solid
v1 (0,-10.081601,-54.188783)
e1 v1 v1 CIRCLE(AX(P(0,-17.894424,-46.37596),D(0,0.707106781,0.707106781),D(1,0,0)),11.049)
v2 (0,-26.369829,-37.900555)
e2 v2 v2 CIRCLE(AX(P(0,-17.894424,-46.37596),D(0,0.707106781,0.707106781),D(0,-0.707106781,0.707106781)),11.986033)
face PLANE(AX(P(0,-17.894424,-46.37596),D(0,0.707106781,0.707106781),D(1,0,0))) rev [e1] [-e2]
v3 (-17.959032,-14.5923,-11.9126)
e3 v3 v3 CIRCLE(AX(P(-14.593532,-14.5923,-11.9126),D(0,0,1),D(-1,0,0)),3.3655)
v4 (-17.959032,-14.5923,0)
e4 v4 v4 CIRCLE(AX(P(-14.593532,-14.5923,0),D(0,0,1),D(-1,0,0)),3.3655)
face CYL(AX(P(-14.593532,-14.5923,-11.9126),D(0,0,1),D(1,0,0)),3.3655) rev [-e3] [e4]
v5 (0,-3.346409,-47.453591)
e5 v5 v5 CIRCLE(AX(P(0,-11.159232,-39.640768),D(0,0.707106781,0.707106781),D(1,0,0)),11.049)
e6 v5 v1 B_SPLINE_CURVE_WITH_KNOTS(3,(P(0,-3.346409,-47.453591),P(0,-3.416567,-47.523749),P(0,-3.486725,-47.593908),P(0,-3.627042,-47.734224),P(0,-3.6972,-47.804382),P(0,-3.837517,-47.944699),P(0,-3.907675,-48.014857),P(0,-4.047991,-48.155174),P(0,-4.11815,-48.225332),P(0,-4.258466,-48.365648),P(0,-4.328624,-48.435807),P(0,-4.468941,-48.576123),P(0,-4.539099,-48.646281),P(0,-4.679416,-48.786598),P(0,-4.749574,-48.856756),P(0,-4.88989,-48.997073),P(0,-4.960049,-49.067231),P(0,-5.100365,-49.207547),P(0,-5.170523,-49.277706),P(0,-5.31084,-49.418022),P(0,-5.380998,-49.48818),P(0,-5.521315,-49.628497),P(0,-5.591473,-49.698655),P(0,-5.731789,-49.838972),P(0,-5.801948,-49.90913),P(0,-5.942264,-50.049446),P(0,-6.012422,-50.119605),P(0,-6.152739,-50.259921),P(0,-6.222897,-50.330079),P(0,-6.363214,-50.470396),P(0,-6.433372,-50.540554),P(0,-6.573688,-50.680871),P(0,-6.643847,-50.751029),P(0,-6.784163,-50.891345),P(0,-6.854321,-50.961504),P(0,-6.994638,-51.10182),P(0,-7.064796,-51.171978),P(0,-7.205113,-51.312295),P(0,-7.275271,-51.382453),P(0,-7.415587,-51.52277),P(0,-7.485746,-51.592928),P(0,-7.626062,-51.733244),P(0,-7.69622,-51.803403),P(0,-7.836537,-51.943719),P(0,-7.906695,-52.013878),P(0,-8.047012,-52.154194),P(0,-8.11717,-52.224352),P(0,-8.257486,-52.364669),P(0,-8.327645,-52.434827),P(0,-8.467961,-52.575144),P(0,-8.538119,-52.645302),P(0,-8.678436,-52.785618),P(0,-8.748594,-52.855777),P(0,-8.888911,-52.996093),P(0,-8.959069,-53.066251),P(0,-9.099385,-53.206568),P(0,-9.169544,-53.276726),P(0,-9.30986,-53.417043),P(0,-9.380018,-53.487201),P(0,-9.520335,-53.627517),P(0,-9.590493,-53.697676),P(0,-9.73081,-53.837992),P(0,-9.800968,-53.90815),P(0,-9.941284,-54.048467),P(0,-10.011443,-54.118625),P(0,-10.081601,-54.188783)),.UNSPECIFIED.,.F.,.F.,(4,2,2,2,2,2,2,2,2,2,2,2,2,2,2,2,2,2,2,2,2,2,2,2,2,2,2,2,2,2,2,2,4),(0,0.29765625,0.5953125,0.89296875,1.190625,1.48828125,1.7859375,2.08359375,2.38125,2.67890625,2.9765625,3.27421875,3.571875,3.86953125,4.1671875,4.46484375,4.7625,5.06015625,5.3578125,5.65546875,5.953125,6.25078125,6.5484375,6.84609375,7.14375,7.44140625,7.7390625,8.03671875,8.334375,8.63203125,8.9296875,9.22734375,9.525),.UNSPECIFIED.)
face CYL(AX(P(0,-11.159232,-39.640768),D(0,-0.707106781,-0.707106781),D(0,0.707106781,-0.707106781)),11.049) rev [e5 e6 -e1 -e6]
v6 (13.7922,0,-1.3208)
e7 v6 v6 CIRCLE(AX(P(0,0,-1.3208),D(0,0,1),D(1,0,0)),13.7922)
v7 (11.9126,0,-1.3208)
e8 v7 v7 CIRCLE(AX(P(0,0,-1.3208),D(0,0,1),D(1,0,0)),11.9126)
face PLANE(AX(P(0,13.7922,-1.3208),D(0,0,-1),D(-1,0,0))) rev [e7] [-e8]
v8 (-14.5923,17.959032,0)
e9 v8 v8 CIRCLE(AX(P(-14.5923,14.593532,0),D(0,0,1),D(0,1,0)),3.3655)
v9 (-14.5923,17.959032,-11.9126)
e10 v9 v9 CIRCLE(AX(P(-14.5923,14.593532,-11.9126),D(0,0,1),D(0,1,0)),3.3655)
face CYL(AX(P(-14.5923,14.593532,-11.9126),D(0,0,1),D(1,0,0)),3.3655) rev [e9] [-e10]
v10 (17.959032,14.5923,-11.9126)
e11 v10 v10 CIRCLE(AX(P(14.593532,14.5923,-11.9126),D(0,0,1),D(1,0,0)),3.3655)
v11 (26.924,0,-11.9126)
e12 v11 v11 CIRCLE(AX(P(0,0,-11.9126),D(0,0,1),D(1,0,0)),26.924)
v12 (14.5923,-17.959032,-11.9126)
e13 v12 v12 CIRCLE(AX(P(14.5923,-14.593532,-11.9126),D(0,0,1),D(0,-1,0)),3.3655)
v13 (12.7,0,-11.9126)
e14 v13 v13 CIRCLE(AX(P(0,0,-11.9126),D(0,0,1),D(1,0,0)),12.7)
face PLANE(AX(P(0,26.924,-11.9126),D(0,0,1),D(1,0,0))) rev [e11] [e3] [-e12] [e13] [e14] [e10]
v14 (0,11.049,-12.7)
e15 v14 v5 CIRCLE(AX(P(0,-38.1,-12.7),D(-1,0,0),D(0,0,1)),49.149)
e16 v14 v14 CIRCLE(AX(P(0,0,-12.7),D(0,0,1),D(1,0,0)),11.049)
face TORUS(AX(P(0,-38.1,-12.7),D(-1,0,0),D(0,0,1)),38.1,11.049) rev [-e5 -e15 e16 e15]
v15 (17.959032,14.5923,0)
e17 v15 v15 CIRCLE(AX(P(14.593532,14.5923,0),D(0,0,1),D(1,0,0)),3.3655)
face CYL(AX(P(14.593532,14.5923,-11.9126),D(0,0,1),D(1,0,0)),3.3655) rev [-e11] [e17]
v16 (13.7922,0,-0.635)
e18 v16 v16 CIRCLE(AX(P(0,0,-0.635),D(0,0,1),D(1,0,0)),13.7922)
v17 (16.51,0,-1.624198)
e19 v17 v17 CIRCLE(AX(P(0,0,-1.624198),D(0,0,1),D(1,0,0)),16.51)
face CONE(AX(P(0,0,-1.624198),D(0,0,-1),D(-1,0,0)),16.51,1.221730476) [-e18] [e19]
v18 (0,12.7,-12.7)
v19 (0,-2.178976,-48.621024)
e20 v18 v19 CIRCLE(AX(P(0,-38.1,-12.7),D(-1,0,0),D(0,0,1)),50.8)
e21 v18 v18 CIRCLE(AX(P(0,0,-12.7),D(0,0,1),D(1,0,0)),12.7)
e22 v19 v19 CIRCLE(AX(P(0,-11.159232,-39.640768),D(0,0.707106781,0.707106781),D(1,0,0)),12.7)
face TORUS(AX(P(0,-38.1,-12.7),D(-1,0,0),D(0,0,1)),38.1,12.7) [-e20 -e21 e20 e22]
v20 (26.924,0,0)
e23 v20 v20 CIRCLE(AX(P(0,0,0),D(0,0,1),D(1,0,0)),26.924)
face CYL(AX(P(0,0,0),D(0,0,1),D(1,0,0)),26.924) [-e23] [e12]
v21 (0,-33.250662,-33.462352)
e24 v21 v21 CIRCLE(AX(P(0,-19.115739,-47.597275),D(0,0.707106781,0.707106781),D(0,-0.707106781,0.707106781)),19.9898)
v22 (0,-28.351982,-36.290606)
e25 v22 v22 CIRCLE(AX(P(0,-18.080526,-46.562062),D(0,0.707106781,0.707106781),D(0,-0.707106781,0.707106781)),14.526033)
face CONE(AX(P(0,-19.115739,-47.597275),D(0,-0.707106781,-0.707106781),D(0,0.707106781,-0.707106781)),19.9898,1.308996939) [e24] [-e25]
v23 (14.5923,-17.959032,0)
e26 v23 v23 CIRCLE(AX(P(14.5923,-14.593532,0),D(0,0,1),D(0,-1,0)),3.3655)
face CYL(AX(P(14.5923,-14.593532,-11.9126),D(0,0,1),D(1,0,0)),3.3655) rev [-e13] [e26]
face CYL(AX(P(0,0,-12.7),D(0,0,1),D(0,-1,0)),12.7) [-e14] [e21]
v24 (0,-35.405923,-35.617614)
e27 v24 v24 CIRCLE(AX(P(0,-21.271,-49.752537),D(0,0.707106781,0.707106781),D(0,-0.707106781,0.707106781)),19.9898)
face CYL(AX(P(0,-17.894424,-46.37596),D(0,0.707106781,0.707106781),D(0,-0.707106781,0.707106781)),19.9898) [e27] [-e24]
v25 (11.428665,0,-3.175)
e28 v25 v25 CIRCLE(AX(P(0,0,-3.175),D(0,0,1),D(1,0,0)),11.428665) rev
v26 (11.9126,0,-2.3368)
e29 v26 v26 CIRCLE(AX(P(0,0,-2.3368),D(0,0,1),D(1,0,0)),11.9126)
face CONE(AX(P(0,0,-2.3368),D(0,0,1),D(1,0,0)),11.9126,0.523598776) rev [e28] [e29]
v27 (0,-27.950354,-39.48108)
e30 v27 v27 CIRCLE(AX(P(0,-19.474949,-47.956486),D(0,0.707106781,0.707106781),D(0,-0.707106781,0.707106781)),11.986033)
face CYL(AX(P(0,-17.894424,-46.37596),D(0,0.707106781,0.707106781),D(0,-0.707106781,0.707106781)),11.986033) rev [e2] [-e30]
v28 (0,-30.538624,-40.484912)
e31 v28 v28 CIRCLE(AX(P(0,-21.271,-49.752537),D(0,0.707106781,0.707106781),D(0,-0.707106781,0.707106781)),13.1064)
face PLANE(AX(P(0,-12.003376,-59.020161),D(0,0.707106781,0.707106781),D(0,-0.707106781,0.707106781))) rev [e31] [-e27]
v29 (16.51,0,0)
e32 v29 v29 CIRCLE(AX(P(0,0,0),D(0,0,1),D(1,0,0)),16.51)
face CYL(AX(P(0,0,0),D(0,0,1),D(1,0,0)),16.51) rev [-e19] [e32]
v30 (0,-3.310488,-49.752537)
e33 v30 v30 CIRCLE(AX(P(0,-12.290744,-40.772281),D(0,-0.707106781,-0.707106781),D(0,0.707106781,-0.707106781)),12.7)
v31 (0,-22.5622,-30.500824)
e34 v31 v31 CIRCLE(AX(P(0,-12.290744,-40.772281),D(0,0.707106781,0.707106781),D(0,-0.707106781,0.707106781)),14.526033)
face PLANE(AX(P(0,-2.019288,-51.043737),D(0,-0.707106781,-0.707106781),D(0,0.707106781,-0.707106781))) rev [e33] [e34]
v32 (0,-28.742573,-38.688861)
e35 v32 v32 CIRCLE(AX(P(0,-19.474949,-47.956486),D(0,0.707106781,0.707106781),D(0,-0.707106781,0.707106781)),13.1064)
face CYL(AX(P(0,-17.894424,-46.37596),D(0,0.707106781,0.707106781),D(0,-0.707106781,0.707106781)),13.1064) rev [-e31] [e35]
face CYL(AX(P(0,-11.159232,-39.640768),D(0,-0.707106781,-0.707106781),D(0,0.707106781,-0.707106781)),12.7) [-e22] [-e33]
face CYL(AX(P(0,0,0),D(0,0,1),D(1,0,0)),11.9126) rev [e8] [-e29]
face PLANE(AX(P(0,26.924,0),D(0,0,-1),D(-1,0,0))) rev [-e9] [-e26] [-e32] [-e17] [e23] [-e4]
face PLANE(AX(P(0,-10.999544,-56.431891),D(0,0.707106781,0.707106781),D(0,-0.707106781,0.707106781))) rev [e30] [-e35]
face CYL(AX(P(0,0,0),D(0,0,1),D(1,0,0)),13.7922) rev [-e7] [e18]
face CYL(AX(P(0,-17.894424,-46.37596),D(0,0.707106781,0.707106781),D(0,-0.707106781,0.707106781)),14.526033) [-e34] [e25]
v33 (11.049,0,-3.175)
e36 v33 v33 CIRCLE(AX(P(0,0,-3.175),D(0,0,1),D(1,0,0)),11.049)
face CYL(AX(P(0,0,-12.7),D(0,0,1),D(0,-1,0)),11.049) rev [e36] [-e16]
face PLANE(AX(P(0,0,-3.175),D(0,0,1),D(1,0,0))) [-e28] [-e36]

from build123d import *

# Parameters (mm, degrees)
SKETCH3_R          = 3.3655
CUT_EXTRUDE2_DEPTH = 40.896285426
CIRPATTERN1_COUNT  = 4
SKETCH6_R          = 12.7
SKETCH6_R_2        = 11.049


with BuildPart() as part:
    # Sketch1 → Revolve1 (revolve)
    with BuildSketch(Plane(origin=(0, 0, 0), x_dir=(0, 0, -1), z_dir=(1, 0, 0)), mode=Mode.PRIVATE) as revolve1_sk:
        Polygon((0, 26.924), (0, 16.51), (1.624198303, 16.51), (0.635, 13.7922), (1.3208, 13.7922), (1.3208, 11.9126), (2.3368, 11.9126), (3.722613851, 11.1125), (11.9126, 11.1125), (11.9126, 26.924), align=None)
    revolve(revolve1_sk.sketch.rotate(Axis((0, 0, 0), (0, 0, -1)), 90), axis=Axis((0, 0, 0), (0, 0, -1)))

    # Sketch3 → Cut-Extrude2 (cut, through all)
    with BuildSketch(Plane.XY):
        with Locations((14.593532367, 14.5923)):
            Circle(SKETCH3_R)
    cut_extrude2 = extrude(amount=-CUT_EXTRUDE2_DEPTH, mode=Mode.SUBTRACT)

    # CirPattern1: Cut-Extrude2 ×4 about axis
    cirpattern1_axis = Axis((0, 0, 0), (0, 0, 1))
    for i in range(1, CIRPATTERN1_COUNT):
        add(cut_extrude2.rotate(cirpattern1_axis, i * 360 / CIRPATTERN1_COUNT), mode=Mode.SUBTRACT)

    # Sweep2: sweep along a path in Sketch5
    with BuildLine(Plane(origin=(0, 0, 0), x_dir=(0, 0, -1), z_dir=(1, 0, 0))) as sweep2_path:
        Line((3.175, 0), (12.7, 0))
        ThreePointArc((12.7, 0), (27.280238773, -2.900189811), (39.640768363, -11.159231637))
        Line((39.640768363, -11.159231637), (46.375960454, -17.894423728))
    # Sketch6 → Sweep2 (sweep)
    with BuildSketch(Plane.XY.offset(-3.175)):
        Circle(SKETCH6_R)
        Circle(SKETCH6_R_2, mode=Mode.SUBTRACT)
    sweep(path=sweep2_path.line)

    # Sketch7 → Revolve2 (revolve)
    with BuildSketch(Plane(origin=(0, 0, 0), x_dir=(0, 0, -1), z_dir=(1, 0, 0)), mode=Mode.PRIVATE) as revolve2_sk:
        Polygon((56.431890618, -10.999543718), (57.224109848, -10.207324488), (59.020161072, -12.003375712), (63.88745989, -7.136076895), (61.732198421, -4.980815425), (56.833518782, -7.809069434), (51.043736945, -2.019287597), (49.247685721, -3.815338821), align=None)
    revolve(revolve2_sk.sketch.rotate(Axis((0, -17.894423728, -46.375960454), (0, -0.7071067811865475, -0.7071067811865476)), 180), axis=Axis((0, -17.894423728, -46.375960454), (0, -0.7071067811865475, -0.7071067811865476)))


solid = part.part
